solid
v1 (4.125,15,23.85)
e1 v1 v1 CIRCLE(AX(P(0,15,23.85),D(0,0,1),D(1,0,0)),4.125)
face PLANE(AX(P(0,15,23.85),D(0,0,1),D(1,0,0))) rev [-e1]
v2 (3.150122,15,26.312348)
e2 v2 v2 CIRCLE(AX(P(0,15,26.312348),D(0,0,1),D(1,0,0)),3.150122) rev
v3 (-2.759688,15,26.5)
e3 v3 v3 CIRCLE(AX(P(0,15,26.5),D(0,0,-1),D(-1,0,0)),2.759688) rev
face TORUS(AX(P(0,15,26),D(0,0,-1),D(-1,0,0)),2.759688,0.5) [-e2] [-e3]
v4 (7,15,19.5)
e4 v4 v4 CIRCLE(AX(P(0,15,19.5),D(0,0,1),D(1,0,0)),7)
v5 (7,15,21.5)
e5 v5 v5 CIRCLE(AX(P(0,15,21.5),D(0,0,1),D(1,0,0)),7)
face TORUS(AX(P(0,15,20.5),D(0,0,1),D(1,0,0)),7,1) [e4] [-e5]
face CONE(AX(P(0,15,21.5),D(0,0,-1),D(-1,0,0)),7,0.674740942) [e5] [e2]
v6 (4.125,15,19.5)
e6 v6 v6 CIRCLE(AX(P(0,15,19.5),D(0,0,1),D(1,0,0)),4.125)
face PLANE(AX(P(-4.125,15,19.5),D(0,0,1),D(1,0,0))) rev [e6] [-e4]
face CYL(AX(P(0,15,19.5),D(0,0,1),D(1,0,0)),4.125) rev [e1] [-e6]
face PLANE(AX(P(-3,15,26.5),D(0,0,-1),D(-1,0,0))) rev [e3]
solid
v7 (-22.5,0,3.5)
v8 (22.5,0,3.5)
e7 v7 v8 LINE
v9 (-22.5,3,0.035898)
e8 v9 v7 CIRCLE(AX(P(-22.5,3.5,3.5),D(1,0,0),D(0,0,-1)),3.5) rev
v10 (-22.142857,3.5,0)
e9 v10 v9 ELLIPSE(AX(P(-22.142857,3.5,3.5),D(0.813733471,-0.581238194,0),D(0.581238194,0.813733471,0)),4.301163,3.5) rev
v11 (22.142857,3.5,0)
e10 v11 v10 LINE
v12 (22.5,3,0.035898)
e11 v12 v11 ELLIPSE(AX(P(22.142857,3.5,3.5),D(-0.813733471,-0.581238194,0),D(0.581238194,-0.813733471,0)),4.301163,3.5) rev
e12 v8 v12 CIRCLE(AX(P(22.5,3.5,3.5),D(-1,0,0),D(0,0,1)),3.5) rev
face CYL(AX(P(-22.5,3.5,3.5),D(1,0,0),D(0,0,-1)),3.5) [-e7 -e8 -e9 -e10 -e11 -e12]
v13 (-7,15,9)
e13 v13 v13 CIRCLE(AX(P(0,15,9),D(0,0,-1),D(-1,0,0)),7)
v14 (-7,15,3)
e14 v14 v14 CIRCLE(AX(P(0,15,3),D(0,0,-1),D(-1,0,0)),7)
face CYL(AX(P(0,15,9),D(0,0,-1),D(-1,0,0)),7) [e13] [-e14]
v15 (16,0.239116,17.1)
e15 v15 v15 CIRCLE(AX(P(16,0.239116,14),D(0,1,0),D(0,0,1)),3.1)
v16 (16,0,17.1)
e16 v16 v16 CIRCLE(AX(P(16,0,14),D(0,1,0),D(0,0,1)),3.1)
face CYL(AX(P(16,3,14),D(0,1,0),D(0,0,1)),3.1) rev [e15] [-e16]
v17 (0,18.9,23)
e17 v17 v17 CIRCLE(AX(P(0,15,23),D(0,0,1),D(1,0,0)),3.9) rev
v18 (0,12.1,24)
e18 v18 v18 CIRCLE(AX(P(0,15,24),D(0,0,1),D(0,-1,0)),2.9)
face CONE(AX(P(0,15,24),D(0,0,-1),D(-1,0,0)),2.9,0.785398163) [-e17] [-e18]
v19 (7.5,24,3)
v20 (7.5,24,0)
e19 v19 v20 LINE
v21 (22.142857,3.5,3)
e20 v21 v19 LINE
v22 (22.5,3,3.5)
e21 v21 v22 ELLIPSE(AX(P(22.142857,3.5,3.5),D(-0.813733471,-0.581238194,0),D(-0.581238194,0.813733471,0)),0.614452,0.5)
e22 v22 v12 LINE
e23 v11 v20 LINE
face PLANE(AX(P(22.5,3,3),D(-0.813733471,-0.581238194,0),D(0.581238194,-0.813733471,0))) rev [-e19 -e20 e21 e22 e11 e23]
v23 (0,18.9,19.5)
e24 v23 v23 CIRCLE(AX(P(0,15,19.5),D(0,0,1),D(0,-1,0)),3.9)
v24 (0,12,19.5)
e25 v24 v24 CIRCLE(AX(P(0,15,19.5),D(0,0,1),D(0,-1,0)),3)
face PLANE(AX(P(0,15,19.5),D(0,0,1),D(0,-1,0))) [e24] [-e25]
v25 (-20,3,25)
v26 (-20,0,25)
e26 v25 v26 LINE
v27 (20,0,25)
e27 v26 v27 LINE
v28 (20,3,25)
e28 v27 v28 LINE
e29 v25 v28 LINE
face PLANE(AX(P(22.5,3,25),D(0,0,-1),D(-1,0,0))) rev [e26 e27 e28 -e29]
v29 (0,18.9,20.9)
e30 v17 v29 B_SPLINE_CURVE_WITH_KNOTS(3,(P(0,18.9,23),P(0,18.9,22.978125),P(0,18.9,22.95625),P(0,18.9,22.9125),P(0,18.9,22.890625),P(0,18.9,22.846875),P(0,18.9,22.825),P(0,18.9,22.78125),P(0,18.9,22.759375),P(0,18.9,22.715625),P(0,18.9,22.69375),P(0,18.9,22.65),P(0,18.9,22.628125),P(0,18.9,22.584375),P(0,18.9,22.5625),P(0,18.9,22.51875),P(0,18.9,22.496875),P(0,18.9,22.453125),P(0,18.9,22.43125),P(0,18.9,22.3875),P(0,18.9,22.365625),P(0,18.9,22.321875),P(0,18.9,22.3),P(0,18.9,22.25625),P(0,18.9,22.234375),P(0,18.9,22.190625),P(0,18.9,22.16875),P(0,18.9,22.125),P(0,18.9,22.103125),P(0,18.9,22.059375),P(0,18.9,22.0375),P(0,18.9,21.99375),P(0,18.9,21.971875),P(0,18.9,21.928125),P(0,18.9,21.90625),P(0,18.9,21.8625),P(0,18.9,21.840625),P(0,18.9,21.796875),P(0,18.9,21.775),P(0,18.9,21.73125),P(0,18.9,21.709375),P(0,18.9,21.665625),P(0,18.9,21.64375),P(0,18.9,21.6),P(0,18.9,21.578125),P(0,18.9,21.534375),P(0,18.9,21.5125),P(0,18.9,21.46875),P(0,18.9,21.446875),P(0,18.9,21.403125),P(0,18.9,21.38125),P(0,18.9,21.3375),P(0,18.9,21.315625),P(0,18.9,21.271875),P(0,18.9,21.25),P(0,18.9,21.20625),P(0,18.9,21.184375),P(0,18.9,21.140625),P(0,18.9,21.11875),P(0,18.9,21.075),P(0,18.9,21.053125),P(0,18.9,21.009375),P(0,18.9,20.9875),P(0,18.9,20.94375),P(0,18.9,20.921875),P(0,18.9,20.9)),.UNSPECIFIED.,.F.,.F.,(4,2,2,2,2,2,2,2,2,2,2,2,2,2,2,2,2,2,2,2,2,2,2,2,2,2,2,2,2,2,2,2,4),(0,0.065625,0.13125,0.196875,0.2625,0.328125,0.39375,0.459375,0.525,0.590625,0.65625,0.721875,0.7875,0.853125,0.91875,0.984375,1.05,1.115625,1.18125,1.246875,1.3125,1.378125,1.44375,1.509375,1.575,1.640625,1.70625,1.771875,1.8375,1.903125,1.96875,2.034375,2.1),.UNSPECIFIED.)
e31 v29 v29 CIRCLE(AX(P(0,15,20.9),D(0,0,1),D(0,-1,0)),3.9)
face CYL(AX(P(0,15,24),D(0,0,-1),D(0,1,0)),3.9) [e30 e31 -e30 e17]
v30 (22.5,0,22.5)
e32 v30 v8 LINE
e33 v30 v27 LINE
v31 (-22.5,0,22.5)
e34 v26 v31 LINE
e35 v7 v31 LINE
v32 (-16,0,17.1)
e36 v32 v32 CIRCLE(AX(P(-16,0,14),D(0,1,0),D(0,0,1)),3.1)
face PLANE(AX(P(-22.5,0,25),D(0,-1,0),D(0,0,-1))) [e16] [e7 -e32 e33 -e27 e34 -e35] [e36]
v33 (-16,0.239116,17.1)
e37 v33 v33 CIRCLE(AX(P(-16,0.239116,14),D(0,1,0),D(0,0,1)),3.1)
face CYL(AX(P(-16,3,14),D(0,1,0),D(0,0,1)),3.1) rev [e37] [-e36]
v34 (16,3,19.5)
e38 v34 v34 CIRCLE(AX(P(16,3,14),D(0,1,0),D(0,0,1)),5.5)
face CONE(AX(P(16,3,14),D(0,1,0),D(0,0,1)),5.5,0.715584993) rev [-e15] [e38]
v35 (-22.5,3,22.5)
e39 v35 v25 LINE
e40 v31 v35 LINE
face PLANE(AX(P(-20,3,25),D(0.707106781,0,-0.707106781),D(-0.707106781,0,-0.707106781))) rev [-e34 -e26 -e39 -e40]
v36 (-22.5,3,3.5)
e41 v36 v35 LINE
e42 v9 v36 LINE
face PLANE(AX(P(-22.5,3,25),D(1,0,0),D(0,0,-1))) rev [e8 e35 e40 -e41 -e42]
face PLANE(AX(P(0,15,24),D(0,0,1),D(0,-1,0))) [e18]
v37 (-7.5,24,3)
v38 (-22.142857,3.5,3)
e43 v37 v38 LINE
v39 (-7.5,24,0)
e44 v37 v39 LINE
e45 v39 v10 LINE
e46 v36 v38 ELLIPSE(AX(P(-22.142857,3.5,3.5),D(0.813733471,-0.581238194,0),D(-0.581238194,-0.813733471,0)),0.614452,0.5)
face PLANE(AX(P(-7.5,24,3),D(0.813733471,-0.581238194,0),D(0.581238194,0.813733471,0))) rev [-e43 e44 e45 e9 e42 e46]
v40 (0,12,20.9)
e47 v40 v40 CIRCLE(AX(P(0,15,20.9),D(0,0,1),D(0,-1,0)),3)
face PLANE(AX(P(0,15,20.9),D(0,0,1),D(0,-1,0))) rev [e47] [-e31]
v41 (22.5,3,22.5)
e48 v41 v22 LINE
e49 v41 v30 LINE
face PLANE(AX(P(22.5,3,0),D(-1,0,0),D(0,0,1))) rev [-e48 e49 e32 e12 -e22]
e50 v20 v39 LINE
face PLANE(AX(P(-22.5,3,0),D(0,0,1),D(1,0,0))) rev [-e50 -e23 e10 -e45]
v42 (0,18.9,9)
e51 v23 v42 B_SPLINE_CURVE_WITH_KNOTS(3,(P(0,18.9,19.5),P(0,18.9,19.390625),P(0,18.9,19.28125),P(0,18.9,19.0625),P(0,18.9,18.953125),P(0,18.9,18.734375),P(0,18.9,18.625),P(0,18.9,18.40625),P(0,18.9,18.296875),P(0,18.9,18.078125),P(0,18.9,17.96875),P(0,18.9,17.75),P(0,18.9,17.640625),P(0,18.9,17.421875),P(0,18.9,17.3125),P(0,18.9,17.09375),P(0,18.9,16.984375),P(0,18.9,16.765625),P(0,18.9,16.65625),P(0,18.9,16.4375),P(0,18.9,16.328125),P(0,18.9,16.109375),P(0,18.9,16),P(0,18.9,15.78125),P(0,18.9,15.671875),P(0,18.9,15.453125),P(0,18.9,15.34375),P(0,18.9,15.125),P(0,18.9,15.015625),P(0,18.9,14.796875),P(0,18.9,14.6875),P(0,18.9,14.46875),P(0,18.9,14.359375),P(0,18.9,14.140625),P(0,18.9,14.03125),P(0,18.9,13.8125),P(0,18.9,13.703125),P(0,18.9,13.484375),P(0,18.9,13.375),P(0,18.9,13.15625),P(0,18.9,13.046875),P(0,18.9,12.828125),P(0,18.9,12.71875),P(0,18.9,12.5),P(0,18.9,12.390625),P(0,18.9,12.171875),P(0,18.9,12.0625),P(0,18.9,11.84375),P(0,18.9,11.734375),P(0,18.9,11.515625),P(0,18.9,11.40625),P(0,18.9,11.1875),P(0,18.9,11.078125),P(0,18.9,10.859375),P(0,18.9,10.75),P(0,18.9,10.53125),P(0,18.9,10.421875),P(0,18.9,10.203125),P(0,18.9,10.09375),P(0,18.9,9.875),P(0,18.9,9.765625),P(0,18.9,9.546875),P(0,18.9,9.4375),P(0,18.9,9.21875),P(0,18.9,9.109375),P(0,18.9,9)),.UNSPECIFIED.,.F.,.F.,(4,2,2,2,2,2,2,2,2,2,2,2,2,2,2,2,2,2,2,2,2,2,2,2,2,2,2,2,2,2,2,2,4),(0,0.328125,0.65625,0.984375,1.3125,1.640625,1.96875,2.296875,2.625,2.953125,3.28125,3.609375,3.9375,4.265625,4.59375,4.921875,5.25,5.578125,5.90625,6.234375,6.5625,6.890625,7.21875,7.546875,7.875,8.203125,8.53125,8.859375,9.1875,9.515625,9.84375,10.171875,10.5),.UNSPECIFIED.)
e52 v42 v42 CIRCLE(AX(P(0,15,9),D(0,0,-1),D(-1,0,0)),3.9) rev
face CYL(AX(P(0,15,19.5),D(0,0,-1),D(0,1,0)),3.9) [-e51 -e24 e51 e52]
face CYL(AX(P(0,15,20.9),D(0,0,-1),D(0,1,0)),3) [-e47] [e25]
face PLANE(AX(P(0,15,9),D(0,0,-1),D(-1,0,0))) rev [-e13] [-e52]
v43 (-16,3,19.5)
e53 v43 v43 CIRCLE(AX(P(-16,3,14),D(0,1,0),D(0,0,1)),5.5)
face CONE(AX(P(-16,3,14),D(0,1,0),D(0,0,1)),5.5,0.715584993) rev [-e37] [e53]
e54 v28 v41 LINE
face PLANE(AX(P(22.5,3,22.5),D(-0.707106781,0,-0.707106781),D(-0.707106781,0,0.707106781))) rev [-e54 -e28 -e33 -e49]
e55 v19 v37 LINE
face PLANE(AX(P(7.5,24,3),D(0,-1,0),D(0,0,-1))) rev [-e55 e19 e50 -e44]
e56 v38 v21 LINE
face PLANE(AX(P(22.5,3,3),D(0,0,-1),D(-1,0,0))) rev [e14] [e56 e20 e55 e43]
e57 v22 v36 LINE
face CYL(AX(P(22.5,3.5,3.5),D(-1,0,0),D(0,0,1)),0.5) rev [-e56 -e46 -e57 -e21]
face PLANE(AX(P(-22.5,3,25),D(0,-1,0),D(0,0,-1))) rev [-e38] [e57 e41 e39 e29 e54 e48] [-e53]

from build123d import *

# Parameters (mm, degrees)
SKETCH1_W        = 45
SKETCH1_H        = 25
EXTRUDE1_DEPTH   = 3
EXTRUDE7_DEPTH   = 3
FILLET3_R        = 0.5
FILLET4_R        = 3.5
HOLE1_AT_2_COUNT = 2
HOLE1_AT_2_PITCH = 32
SKETCH4_R        = 7
EXTRUDE2_DEPTH   = 6
SKETCH5_R        = 3.9
EXTRUDE3_DEPTH   = 10.5
SKETCH6_R        = 3
EXTRUDE4_DEPTH   = 1.4
SKETCH7_R        = 3.9
EXTRUDE6_DEPTH   = 3.1
CHAMFER2_SIZE    = 1
FILLET1_R        = 0.5
CHAMFER1_SIZE    = 2.5


with BuildPart() as part:
    # Sketch1 → Extrude1 (new body)
    with BuildSketch(Plane(origin=(0, 0, 0), x_dir=(1, 0, 0), z_dir=(0, 1, 0))):
        with Locations((0, -12.5)):
            Rectangle(SKETCH1_W, SKETCH1_H)
    extrude(amount=EXTRUDE1_DEPTH)

    # Sketch12 → Extrude7 (add)
    with BuildSketch(Plane.XY):
        Polygon((22.5, 3), (7.5, 24), (-7.5, 24), (-22.5, 3), align=None)
    extrude(amount=EXTRUDE7_DEPTH)

    # Fillet3
    fillet3_edges = [part.edges().sort_by_distance(p)[0] for p in [
        (0, 3, 3),
    ]]
    fillet(fillet3_edges, radius=FILLET3_R)

    # Fillet4
    fillet4_edges = [part.edges().sort_by_distance(p)[0] for p in [
        (0, 0, 0),
    ]]
    fillet(fillet4_edges, radius=FILLET4_R)

    # Sketch2 → Hole1 (revolve, cut)
    with BuildSketch(Plane(origin=(16, 3, 14), x_dir=(0, 0, 1), z_dir=(1, 0, 0))):
        Polygon((0, 0), (0, 3), (3.1, 3), (3.1, 2.760884177), (5.5, 0), align=None)
    hole1 = revolve(axis=Axis((16, 9.445314094, 14), (0, -1, 0)), mode=Mode.SUBTRACT)

    # Hole1 at 2: Hole1 ×2
    with Locations(*[(-i * HOLE1_AT_2_PITCH, 0, 0) for i in range(1, HOLE1_AT_2_COUNT)]):
        add(hole1, mode=Mode.SUBTRACT)

    # Sketch4 → Extrude2 (add)
    with BuildSketch(Plane(origin=(0, 0, 3), x_dir=(-1, 0, 0), z_dir=(0, 0, -1))):
        with Locations((0, 15)):
            Circle(SKETCH4_R)
    extrude(amount=-EXTRUDE2_DEPTH)

    # Sketch5 → Extrude3 (add)
    with BuildSketch(Plane(origin=(0, 0, 9), x_dir=(-1, 0, 0), z_dir=(0, 0, 1))):
        with Locations(Location((0, -15, 0), (0, 0, 270))):
            Circle(SKETCH5_R)
    extrude(amount=EXTRUDE3_DEPTH)

    # Sketch6 → Extrude4 (add)
    with BuildSketch(Plane(origin=(0, 0, 19.5), x_dir=(-1, 0, 0), z_dir=(0, 0, 1))):
        with Locations(Location((0, -15, 0), (0, 0, 90))):
            Circle(SKETCH6_R)
    extrude(amount=EXTRUDE4_DEPTH)

    # Sketch7 → Extrude6 (add)
    with BuildSketch(Plane(origin=(0, 0, 20.9), x_dir=(-1, 0, 0), z_dir=(0, 0, 1))):
        with Locations(Location((0, -15, 0), (0, 0, 270))):
            Circle(SKETCH7_R)
    extrude(amount=EXTRUDE6_DEPTH)

    # Chamfer2
    chamfer2_edges = [part.edges().sort_by_distance(p)[0] for p in [
        (0, 11.1, 24),
    ]]
    chamfer(chamfer2_edges, length=CHAMFER2_SIZE)

    # Chamfer1
    chamfer1_edges = [part.edges().sort_by_distance(p)[0] for p in [
        (22.5, 1.5, 25),
        (-22.5, 1.5, 25),
    ]]
    chamfer(chamfer1_edges, length=CHAMFER1_SIZE)


with BuildPart() as body_2:
    # Sketch8 → Revolve1 (revolve)
    with BuildSketch(Plane(origin=(0, 15, 0), x_dir=(1, 0, 0), z_dir=(0, 1, 0)), mode=Mode.PRIVATE) as revolve1_sk:
        with BuildLine():
            Line((-7, -21.5), (-3, -26.5))
            Line((-3, -26.5), (0, -26.5))
            Line((0, -26.5), (0, -23.85))
            Line((0, -23.85), (-4.125, -23.85))
            Line((-4.125, -23.85), (-4.125, -19.5))
            Line((-4.125, -19.5), (-7, -19.5))
            ThreePointArc((-7, -19.5), (-8, -20.5), (-7, -21.5))
        make_face()
    revolve(revolve1_sk.sketch.rotate(Axis((0, 15, 19.5), (0, 0, -1)), 180), axis=Axis((0, 15, 19.5), (0, 0, -1)))

    # Fillet1
    fillet1_edges = [body_2.edges().sort_by_distance(p)[0] for p in [
        (-3, 15, 26.5),
    ]]
    fillet(fillet1_edges, radius=FILLET1_R)


solid = Compound([part.part, body_2.part])
